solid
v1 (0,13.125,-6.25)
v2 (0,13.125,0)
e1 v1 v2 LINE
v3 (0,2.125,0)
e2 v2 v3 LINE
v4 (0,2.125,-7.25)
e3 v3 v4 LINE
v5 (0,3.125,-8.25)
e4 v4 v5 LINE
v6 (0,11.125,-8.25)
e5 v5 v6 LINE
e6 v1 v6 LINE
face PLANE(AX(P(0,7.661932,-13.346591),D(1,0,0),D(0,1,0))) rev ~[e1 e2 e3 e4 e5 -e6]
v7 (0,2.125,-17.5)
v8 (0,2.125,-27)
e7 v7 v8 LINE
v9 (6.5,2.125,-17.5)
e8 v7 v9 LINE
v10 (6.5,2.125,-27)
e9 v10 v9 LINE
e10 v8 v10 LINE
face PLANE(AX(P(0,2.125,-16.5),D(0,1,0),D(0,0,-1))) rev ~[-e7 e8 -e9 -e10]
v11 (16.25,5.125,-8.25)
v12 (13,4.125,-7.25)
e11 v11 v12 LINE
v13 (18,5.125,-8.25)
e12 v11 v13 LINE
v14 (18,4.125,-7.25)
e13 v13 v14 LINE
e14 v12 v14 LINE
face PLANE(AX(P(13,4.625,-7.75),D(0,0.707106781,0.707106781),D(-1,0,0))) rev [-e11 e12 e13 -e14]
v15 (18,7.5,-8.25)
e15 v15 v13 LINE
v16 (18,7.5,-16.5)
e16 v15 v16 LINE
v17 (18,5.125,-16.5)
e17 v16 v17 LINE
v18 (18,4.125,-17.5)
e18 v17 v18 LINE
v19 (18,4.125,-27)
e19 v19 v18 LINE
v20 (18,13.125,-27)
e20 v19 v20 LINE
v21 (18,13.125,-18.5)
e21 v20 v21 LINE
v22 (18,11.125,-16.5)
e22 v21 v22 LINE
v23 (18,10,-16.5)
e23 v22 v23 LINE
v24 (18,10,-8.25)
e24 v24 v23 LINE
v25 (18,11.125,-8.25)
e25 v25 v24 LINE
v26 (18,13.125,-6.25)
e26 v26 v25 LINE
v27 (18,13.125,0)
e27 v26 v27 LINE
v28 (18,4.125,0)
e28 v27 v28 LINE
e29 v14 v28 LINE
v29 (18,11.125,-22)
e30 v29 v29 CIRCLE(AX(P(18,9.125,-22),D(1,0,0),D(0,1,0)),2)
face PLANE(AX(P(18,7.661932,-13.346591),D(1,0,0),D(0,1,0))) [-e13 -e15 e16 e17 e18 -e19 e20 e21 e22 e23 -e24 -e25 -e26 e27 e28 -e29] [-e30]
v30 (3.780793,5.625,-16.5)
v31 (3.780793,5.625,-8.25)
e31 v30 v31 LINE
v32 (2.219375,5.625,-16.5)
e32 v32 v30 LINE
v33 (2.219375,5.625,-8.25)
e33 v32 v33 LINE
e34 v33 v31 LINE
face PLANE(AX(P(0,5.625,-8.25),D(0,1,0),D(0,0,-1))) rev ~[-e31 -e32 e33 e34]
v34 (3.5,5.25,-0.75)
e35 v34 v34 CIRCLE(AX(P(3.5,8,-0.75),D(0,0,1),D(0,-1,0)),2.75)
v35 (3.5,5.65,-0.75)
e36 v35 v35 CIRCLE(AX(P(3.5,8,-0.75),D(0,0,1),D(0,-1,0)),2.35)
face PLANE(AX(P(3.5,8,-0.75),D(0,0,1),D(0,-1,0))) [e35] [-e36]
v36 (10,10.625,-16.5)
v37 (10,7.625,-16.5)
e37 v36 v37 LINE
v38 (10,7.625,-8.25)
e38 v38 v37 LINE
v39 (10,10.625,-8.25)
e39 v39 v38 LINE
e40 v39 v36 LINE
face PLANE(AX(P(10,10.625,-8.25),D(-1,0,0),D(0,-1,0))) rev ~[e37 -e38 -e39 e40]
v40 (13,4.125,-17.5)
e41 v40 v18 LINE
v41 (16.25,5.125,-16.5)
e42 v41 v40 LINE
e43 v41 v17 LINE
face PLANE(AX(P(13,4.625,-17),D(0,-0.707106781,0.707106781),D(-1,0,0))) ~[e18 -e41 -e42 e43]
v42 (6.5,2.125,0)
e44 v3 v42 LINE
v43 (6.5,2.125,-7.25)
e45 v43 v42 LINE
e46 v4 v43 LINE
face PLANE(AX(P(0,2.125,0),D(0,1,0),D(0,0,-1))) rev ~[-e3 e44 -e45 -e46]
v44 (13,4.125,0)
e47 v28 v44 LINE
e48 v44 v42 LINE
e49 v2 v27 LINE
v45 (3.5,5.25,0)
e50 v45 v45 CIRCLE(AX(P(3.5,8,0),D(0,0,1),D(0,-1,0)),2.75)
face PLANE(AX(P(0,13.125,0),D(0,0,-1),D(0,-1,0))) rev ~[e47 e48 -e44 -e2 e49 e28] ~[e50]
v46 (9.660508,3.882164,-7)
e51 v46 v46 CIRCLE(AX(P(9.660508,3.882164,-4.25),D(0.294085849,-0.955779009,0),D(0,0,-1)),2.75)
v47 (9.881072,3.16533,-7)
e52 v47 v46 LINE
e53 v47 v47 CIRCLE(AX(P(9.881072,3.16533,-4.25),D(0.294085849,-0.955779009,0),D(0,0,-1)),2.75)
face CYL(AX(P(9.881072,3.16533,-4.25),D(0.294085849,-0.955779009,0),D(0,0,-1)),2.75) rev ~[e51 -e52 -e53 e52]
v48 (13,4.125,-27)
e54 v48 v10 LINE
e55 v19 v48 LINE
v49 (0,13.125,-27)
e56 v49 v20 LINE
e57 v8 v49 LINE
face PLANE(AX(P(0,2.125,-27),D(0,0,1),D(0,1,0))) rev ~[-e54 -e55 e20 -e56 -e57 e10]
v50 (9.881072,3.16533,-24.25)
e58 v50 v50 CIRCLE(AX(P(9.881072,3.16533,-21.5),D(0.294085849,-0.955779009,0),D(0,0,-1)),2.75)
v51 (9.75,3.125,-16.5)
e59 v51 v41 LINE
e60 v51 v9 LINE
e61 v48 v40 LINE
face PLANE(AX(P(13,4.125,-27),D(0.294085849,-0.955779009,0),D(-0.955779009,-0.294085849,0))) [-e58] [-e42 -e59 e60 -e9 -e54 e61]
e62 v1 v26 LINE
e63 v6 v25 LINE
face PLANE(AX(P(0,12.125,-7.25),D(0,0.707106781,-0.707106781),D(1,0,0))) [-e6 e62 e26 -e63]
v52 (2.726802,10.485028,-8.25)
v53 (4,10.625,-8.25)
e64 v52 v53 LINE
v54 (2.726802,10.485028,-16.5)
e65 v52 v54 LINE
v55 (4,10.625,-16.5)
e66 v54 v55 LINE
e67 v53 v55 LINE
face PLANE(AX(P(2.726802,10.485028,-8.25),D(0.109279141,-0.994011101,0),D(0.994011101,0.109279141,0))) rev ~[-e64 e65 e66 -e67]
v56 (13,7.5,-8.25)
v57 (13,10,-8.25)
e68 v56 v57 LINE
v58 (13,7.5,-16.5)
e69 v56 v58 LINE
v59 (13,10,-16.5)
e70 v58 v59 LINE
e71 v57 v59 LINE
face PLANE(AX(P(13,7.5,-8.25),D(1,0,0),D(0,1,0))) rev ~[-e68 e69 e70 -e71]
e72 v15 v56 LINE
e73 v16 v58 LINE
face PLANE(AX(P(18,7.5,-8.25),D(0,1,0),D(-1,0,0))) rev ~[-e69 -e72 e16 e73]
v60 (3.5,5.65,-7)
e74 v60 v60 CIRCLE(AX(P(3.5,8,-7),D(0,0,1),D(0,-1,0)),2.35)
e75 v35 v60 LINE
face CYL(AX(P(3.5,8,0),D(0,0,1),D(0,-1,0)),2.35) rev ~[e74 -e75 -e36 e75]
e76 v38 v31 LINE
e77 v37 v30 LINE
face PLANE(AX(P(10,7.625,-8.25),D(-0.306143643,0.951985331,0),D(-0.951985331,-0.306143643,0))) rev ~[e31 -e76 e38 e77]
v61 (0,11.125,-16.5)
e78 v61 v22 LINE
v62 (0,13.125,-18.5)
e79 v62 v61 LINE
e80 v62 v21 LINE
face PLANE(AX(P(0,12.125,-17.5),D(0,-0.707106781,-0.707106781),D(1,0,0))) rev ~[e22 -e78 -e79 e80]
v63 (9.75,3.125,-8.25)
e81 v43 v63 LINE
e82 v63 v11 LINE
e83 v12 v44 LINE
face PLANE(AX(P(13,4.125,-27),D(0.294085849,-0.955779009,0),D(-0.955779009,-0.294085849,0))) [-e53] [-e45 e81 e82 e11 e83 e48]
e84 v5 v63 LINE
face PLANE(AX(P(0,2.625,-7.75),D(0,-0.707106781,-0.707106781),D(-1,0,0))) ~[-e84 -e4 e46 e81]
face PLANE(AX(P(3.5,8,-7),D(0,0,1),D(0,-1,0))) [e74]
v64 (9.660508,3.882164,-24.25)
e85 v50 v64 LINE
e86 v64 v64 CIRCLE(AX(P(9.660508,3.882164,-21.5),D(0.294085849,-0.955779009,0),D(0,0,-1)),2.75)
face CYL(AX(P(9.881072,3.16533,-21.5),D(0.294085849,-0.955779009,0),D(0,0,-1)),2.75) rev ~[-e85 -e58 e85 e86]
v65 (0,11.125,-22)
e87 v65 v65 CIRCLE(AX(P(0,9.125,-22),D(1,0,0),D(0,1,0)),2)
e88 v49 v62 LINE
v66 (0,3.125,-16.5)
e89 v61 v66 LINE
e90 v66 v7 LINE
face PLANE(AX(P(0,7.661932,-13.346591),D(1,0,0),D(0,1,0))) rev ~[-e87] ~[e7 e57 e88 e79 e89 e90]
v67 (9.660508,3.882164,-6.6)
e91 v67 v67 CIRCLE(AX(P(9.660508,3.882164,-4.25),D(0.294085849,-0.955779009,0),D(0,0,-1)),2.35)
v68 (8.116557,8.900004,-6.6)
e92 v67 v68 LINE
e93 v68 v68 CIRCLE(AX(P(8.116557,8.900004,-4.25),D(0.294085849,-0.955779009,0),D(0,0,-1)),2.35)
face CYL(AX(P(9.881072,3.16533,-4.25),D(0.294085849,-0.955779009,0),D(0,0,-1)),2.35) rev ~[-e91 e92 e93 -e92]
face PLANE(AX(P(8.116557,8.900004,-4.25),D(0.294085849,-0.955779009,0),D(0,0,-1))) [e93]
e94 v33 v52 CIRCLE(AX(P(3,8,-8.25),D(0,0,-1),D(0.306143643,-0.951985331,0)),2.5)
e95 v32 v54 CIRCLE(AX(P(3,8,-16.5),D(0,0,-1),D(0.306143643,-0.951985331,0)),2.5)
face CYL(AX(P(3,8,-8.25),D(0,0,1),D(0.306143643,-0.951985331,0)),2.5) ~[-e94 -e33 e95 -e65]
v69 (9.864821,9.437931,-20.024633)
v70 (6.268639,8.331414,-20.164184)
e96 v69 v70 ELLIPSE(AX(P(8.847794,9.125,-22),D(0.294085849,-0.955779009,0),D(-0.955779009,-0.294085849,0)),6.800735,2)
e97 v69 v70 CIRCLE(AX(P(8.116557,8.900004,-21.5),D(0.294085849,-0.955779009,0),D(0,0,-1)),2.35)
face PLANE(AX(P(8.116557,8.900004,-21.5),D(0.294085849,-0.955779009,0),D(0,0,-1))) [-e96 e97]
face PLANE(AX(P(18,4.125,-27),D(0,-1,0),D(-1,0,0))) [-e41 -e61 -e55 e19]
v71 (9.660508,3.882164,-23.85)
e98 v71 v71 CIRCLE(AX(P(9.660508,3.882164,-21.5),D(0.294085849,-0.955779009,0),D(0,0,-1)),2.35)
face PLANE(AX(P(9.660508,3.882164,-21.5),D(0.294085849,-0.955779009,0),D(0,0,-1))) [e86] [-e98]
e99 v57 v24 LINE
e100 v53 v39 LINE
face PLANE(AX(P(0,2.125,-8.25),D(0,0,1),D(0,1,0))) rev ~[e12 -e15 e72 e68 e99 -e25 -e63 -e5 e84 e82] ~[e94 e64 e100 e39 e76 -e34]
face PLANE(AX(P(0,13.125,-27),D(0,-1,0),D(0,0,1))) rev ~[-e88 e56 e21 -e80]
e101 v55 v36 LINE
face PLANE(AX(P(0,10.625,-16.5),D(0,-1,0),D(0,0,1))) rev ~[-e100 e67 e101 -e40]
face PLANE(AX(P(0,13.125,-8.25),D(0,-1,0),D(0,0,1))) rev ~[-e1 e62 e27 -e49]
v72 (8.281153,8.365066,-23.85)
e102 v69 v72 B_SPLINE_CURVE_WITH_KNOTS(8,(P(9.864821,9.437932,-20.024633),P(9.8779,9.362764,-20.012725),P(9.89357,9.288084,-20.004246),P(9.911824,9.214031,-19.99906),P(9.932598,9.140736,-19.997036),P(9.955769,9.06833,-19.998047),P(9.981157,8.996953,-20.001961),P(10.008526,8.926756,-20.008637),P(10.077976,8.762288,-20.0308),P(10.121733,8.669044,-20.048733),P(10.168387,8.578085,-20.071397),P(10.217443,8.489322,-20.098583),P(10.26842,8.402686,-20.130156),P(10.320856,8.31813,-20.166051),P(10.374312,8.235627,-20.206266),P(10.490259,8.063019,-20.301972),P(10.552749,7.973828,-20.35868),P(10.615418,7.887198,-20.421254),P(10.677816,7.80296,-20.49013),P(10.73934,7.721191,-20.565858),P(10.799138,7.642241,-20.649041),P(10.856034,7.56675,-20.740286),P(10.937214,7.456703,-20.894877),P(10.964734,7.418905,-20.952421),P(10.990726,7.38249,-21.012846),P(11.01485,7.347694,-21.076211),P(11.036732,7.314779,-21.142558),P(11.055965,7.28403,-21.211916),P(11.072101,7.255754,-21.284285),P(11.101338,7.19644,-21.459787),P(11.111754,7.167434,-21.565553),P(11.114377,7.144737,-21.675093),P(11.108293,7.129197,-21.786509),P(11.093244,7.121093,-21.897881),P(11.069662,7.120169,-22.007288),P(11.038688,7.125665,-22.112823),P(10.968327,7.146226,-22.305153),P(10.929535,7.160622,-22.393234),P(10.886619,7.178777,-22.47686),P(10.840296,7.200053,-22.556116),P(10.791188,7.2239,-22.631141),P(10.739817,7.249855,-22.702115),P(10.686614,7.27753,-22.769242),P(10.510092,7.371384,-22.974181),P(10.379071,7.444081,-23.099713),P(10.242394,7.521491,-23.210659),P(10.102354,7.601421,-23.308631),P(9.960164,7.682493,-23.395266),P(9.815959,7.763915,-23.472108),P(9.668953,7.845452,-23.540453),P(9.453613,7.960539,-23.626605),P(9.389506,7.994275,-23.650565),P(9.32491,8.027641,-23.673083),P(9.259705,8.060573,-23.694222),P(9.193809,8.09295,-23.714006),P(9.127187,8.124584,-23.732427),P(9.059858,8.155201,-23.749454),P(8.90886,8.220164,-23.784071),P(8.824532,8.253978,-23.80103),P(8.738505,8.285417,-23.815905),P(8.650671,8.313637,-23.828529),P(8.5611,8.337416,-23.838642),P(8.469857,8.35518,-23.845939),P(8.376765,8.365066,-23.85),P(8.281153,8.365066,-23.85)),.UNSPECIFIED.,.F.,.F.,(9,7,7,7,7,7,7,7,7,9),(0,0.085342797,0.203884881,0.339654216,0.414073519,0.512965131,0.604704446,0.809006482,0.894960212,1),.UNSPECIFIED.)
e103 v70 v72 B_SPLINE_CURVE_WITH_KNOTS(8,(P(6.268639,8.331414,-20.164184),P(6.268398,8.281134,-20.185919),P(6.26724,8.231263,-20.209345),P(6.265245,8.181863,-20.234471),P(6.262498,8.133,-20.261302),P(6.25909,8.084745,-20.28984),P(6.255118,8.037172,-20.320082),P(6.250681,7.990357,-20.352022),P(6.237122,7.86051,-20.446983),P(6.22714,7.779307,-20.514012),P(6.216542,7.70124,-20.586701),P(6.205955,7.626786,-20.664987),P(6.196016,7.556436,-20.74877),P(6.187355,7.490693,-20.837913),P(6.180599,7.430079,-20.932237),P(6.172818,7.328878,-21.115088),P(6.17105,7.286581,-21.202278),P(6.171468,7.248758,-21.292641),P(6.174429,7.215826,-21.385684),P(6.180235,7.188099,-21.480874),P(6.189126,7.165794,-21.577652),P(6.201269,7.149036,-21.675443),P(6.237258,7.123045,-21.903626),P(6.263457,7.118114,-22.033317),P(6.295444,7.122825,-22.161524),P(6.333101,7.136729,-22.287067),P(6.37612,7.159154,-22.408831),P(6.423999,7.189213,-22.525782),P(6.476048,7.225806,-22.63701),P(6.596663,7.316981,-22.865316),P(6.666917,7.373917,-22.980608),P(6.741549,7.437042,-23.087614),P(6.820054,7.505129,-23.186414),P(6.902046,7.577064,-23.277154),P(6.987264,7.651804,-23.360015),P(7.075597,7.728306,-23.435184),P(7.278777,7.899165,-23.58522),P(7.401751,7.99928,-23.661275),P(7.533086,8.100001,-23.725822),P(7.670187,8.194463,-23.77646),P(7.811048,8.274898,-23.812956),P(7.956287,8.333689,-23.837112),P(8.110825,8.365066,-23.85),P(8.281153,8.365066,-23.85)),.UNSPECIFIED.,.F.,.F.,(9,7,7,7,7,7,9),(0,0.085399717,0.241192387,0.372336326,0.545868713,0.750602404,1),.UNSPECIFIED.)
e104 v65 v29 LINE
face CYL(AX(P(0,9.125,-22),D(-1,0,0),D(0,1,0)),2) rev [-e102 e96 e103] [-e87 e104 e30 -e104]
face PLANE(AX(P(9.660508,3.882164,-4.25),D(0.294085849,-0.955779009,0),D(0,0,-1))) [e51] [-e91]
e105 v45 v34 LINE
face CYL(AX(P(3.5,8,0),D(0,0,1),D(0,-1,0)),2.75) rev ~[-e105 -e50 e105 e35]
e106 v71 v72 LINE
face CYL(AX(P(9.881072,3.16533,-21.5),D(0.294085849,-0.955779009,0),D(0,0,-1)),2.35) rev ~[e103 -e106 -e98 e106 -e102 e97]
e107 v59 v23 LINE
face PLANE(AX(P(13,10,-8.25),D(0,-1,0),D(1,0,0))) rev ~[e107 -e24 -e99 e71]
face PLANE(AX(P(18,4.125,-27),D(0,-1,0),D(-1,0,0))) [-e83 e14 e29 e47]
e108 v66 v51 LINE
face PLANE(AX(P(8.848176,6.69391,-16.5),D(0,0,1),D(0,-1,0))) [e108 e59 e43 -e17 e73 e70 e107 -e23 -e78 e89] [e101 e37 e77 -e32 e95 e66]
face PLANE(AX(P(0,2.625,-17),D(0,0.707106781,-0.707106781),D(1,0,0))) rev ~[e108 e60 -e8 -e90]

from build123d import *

# Parameters (mm, degrees)
SKETCH_R           = 2
PAD_DEPTH          = 18
POCKET_DEPTH       = 8.25
POCKET007002_DEPTH = 27.001
SKETCH003_R        = 2.35
POCKET007003_DEPTH = 6
SKETCH004_R        = 2.35
POCKET007004_DEPTH = 7
SKETCH005_R        = 2.75
POCKET007005_DEPTH = 0.75
SKETCH006_R        = 2.75
POCKET007006_DEPTH = 0.75
CHAMFER_SIZE       = 1
CHAMFER001_SIZE    = 2


with BuildPart() as part:
    # Sketch → Pad (new body)
    with BuildSketch(Plane.YZ):
        Polygon((2.125, 0), (2.125, -8.25), (5.625, -8.25), (5.625, -16.5), (2.125, -16.5), (2.125, -27), (13.125, -27), (13.125, -16.5), (10.625, -16.5), (10.625, -8.25), (13.125, -8.25), (13.125, 0), align=None)
        with Locations((9.125, -22)):
            Circle(SKETCH_R, mode=Mode.SUBTRACT)
    extrude(amount=PAD_DEPTH)

    # Sketch001 (on Face10 of Pad) → Pocket (cut)
    with BuildSketch(Plane.YX.offset(8.25)):
        with BuildLine():
            Line((2.125, 18), (7.5, 18))
            Line((7.5, 18), (7.5, 13))
            Line((7.5, 13), (10, 13))
            Line((10, 13), (10, 18))
            Line((10, 18), (10.625, 18))
            Line((10.625, 18), (10.625, 10))
            Line((10.625, 10), (7.625, 10))
            Line((7.625, 10), (5.6200366733, 3.7653591075))
            ThreePointArc((5.6200366733, 3.7653591075), (7.4780711036, 0.5550889122), (10.4850277531, 2.7268021481))
            Line((10.4850277531, 2.7268021481), (10.625, 4))
            Line((10.625, 4), (10.625, 0))
            Line((10.625, 0), (2.125, 0))
            Line((2.125, 0), (2.125, 18))
        make_face()
    extrude(amount=POCKET_DEPTH, mode=Mode.SUBTRACT)

    # Sketch002 (on Face8 of Pocket) → Pocket007002 (cut, through all)
    with BuildSketch(Plane.YX.offset(27)):
        Polygon((2.125, 18), (4.125, 18), (4.125, 13), (2.125, 6.5), align=None)
    extrude(amount=-POCKET007002_DEPTH, mode=Mode.SUBTRACT)

    # Sketch003 (on Face23 of Pocket007002) → Pocket007003 (cut)
    with BuildSketch(Plane(origin=(-0.0351351351, 0.1141891892, 0), x_dir=(0, 0, -1), z_dir=(0.2940858488, -0.9557790087, 0))):
        with Locations((4.25, 10.375)):
            Circle(SKETCH003_R)
        with Locations((21.5, 10.375)):
            Circle(SKETCH003_R)
    extrude(amount=-POCKET007003_DEPTH, mode=Mode.SUBTRACT)

    # Sketch004 (on Face5 of Pocket007003) → Pocket007004 (cut)
    with BuildSketch(Plane(origin=(0, 0, 0), x_dir=(0, -1, 0), z_dir=(0, 0, 1))):
        with Locations((-8, 3.5)):
            Circle(SKETCH004_R)
    extrude(amount=-POCKET007004_DEPTH, mode=Mode.SUBTRACT)

    # Sketch005 (on Face5 of Pocket007004) → Pocket007005 (cut)
    with BuildSketch(Plane(origin=(0, 0, 0), x_dir=(0, -1, 0), z_dir=(0, 0, 1))):
        with Locations((-8, 3.5)):
            Circle(SKETCH005_R)
    extrude(amount=-POCKET007005_DEPTH, mode=Mode.SUBTRACT)

    # Sketch006 (on Face4 of Pocket007005) → Pocket007006 (cut)
    with BuildSketch(Plane(origin=(-0.0351351351, 0.1141891892, 0), x_dir=(0, 0, -1), z_dir=(0.2940858488, -0.9557790087, 0))):
        with Locations((21.5, 10.375)):
            Circle(SKETCH006_R)
        with Locations((4.25, 10.375)):
            Circle(SKETCH006_R)
    extrude(amount=-POCKET007006_DEPTH, mode=Mode.SUBTRACT)

    # Chamfer
    chamfer_edges = [part.edges().sort_by_distance(p)[0] for p in [
        (3.25, 2.125, -16.5),
        (3.25, 2.125, -8.25),
        (15.5, 4.125, -8.25),
        (15.5, 4.125, -16.5),
    ]]
    chamfer(chamfer_edges, length=CHAMFER_SIZE)

    # Chamfer001
    chamfer001_edges = [part.edges().sort_by_distance(p)[0] for p in [
        (9, 13.125, -16.5),
        (9, 13.125, -8.25),
    ]]
    chamfer(chamfer001_edges, length=CHAMFER001_SIZE)


solid = part.part
